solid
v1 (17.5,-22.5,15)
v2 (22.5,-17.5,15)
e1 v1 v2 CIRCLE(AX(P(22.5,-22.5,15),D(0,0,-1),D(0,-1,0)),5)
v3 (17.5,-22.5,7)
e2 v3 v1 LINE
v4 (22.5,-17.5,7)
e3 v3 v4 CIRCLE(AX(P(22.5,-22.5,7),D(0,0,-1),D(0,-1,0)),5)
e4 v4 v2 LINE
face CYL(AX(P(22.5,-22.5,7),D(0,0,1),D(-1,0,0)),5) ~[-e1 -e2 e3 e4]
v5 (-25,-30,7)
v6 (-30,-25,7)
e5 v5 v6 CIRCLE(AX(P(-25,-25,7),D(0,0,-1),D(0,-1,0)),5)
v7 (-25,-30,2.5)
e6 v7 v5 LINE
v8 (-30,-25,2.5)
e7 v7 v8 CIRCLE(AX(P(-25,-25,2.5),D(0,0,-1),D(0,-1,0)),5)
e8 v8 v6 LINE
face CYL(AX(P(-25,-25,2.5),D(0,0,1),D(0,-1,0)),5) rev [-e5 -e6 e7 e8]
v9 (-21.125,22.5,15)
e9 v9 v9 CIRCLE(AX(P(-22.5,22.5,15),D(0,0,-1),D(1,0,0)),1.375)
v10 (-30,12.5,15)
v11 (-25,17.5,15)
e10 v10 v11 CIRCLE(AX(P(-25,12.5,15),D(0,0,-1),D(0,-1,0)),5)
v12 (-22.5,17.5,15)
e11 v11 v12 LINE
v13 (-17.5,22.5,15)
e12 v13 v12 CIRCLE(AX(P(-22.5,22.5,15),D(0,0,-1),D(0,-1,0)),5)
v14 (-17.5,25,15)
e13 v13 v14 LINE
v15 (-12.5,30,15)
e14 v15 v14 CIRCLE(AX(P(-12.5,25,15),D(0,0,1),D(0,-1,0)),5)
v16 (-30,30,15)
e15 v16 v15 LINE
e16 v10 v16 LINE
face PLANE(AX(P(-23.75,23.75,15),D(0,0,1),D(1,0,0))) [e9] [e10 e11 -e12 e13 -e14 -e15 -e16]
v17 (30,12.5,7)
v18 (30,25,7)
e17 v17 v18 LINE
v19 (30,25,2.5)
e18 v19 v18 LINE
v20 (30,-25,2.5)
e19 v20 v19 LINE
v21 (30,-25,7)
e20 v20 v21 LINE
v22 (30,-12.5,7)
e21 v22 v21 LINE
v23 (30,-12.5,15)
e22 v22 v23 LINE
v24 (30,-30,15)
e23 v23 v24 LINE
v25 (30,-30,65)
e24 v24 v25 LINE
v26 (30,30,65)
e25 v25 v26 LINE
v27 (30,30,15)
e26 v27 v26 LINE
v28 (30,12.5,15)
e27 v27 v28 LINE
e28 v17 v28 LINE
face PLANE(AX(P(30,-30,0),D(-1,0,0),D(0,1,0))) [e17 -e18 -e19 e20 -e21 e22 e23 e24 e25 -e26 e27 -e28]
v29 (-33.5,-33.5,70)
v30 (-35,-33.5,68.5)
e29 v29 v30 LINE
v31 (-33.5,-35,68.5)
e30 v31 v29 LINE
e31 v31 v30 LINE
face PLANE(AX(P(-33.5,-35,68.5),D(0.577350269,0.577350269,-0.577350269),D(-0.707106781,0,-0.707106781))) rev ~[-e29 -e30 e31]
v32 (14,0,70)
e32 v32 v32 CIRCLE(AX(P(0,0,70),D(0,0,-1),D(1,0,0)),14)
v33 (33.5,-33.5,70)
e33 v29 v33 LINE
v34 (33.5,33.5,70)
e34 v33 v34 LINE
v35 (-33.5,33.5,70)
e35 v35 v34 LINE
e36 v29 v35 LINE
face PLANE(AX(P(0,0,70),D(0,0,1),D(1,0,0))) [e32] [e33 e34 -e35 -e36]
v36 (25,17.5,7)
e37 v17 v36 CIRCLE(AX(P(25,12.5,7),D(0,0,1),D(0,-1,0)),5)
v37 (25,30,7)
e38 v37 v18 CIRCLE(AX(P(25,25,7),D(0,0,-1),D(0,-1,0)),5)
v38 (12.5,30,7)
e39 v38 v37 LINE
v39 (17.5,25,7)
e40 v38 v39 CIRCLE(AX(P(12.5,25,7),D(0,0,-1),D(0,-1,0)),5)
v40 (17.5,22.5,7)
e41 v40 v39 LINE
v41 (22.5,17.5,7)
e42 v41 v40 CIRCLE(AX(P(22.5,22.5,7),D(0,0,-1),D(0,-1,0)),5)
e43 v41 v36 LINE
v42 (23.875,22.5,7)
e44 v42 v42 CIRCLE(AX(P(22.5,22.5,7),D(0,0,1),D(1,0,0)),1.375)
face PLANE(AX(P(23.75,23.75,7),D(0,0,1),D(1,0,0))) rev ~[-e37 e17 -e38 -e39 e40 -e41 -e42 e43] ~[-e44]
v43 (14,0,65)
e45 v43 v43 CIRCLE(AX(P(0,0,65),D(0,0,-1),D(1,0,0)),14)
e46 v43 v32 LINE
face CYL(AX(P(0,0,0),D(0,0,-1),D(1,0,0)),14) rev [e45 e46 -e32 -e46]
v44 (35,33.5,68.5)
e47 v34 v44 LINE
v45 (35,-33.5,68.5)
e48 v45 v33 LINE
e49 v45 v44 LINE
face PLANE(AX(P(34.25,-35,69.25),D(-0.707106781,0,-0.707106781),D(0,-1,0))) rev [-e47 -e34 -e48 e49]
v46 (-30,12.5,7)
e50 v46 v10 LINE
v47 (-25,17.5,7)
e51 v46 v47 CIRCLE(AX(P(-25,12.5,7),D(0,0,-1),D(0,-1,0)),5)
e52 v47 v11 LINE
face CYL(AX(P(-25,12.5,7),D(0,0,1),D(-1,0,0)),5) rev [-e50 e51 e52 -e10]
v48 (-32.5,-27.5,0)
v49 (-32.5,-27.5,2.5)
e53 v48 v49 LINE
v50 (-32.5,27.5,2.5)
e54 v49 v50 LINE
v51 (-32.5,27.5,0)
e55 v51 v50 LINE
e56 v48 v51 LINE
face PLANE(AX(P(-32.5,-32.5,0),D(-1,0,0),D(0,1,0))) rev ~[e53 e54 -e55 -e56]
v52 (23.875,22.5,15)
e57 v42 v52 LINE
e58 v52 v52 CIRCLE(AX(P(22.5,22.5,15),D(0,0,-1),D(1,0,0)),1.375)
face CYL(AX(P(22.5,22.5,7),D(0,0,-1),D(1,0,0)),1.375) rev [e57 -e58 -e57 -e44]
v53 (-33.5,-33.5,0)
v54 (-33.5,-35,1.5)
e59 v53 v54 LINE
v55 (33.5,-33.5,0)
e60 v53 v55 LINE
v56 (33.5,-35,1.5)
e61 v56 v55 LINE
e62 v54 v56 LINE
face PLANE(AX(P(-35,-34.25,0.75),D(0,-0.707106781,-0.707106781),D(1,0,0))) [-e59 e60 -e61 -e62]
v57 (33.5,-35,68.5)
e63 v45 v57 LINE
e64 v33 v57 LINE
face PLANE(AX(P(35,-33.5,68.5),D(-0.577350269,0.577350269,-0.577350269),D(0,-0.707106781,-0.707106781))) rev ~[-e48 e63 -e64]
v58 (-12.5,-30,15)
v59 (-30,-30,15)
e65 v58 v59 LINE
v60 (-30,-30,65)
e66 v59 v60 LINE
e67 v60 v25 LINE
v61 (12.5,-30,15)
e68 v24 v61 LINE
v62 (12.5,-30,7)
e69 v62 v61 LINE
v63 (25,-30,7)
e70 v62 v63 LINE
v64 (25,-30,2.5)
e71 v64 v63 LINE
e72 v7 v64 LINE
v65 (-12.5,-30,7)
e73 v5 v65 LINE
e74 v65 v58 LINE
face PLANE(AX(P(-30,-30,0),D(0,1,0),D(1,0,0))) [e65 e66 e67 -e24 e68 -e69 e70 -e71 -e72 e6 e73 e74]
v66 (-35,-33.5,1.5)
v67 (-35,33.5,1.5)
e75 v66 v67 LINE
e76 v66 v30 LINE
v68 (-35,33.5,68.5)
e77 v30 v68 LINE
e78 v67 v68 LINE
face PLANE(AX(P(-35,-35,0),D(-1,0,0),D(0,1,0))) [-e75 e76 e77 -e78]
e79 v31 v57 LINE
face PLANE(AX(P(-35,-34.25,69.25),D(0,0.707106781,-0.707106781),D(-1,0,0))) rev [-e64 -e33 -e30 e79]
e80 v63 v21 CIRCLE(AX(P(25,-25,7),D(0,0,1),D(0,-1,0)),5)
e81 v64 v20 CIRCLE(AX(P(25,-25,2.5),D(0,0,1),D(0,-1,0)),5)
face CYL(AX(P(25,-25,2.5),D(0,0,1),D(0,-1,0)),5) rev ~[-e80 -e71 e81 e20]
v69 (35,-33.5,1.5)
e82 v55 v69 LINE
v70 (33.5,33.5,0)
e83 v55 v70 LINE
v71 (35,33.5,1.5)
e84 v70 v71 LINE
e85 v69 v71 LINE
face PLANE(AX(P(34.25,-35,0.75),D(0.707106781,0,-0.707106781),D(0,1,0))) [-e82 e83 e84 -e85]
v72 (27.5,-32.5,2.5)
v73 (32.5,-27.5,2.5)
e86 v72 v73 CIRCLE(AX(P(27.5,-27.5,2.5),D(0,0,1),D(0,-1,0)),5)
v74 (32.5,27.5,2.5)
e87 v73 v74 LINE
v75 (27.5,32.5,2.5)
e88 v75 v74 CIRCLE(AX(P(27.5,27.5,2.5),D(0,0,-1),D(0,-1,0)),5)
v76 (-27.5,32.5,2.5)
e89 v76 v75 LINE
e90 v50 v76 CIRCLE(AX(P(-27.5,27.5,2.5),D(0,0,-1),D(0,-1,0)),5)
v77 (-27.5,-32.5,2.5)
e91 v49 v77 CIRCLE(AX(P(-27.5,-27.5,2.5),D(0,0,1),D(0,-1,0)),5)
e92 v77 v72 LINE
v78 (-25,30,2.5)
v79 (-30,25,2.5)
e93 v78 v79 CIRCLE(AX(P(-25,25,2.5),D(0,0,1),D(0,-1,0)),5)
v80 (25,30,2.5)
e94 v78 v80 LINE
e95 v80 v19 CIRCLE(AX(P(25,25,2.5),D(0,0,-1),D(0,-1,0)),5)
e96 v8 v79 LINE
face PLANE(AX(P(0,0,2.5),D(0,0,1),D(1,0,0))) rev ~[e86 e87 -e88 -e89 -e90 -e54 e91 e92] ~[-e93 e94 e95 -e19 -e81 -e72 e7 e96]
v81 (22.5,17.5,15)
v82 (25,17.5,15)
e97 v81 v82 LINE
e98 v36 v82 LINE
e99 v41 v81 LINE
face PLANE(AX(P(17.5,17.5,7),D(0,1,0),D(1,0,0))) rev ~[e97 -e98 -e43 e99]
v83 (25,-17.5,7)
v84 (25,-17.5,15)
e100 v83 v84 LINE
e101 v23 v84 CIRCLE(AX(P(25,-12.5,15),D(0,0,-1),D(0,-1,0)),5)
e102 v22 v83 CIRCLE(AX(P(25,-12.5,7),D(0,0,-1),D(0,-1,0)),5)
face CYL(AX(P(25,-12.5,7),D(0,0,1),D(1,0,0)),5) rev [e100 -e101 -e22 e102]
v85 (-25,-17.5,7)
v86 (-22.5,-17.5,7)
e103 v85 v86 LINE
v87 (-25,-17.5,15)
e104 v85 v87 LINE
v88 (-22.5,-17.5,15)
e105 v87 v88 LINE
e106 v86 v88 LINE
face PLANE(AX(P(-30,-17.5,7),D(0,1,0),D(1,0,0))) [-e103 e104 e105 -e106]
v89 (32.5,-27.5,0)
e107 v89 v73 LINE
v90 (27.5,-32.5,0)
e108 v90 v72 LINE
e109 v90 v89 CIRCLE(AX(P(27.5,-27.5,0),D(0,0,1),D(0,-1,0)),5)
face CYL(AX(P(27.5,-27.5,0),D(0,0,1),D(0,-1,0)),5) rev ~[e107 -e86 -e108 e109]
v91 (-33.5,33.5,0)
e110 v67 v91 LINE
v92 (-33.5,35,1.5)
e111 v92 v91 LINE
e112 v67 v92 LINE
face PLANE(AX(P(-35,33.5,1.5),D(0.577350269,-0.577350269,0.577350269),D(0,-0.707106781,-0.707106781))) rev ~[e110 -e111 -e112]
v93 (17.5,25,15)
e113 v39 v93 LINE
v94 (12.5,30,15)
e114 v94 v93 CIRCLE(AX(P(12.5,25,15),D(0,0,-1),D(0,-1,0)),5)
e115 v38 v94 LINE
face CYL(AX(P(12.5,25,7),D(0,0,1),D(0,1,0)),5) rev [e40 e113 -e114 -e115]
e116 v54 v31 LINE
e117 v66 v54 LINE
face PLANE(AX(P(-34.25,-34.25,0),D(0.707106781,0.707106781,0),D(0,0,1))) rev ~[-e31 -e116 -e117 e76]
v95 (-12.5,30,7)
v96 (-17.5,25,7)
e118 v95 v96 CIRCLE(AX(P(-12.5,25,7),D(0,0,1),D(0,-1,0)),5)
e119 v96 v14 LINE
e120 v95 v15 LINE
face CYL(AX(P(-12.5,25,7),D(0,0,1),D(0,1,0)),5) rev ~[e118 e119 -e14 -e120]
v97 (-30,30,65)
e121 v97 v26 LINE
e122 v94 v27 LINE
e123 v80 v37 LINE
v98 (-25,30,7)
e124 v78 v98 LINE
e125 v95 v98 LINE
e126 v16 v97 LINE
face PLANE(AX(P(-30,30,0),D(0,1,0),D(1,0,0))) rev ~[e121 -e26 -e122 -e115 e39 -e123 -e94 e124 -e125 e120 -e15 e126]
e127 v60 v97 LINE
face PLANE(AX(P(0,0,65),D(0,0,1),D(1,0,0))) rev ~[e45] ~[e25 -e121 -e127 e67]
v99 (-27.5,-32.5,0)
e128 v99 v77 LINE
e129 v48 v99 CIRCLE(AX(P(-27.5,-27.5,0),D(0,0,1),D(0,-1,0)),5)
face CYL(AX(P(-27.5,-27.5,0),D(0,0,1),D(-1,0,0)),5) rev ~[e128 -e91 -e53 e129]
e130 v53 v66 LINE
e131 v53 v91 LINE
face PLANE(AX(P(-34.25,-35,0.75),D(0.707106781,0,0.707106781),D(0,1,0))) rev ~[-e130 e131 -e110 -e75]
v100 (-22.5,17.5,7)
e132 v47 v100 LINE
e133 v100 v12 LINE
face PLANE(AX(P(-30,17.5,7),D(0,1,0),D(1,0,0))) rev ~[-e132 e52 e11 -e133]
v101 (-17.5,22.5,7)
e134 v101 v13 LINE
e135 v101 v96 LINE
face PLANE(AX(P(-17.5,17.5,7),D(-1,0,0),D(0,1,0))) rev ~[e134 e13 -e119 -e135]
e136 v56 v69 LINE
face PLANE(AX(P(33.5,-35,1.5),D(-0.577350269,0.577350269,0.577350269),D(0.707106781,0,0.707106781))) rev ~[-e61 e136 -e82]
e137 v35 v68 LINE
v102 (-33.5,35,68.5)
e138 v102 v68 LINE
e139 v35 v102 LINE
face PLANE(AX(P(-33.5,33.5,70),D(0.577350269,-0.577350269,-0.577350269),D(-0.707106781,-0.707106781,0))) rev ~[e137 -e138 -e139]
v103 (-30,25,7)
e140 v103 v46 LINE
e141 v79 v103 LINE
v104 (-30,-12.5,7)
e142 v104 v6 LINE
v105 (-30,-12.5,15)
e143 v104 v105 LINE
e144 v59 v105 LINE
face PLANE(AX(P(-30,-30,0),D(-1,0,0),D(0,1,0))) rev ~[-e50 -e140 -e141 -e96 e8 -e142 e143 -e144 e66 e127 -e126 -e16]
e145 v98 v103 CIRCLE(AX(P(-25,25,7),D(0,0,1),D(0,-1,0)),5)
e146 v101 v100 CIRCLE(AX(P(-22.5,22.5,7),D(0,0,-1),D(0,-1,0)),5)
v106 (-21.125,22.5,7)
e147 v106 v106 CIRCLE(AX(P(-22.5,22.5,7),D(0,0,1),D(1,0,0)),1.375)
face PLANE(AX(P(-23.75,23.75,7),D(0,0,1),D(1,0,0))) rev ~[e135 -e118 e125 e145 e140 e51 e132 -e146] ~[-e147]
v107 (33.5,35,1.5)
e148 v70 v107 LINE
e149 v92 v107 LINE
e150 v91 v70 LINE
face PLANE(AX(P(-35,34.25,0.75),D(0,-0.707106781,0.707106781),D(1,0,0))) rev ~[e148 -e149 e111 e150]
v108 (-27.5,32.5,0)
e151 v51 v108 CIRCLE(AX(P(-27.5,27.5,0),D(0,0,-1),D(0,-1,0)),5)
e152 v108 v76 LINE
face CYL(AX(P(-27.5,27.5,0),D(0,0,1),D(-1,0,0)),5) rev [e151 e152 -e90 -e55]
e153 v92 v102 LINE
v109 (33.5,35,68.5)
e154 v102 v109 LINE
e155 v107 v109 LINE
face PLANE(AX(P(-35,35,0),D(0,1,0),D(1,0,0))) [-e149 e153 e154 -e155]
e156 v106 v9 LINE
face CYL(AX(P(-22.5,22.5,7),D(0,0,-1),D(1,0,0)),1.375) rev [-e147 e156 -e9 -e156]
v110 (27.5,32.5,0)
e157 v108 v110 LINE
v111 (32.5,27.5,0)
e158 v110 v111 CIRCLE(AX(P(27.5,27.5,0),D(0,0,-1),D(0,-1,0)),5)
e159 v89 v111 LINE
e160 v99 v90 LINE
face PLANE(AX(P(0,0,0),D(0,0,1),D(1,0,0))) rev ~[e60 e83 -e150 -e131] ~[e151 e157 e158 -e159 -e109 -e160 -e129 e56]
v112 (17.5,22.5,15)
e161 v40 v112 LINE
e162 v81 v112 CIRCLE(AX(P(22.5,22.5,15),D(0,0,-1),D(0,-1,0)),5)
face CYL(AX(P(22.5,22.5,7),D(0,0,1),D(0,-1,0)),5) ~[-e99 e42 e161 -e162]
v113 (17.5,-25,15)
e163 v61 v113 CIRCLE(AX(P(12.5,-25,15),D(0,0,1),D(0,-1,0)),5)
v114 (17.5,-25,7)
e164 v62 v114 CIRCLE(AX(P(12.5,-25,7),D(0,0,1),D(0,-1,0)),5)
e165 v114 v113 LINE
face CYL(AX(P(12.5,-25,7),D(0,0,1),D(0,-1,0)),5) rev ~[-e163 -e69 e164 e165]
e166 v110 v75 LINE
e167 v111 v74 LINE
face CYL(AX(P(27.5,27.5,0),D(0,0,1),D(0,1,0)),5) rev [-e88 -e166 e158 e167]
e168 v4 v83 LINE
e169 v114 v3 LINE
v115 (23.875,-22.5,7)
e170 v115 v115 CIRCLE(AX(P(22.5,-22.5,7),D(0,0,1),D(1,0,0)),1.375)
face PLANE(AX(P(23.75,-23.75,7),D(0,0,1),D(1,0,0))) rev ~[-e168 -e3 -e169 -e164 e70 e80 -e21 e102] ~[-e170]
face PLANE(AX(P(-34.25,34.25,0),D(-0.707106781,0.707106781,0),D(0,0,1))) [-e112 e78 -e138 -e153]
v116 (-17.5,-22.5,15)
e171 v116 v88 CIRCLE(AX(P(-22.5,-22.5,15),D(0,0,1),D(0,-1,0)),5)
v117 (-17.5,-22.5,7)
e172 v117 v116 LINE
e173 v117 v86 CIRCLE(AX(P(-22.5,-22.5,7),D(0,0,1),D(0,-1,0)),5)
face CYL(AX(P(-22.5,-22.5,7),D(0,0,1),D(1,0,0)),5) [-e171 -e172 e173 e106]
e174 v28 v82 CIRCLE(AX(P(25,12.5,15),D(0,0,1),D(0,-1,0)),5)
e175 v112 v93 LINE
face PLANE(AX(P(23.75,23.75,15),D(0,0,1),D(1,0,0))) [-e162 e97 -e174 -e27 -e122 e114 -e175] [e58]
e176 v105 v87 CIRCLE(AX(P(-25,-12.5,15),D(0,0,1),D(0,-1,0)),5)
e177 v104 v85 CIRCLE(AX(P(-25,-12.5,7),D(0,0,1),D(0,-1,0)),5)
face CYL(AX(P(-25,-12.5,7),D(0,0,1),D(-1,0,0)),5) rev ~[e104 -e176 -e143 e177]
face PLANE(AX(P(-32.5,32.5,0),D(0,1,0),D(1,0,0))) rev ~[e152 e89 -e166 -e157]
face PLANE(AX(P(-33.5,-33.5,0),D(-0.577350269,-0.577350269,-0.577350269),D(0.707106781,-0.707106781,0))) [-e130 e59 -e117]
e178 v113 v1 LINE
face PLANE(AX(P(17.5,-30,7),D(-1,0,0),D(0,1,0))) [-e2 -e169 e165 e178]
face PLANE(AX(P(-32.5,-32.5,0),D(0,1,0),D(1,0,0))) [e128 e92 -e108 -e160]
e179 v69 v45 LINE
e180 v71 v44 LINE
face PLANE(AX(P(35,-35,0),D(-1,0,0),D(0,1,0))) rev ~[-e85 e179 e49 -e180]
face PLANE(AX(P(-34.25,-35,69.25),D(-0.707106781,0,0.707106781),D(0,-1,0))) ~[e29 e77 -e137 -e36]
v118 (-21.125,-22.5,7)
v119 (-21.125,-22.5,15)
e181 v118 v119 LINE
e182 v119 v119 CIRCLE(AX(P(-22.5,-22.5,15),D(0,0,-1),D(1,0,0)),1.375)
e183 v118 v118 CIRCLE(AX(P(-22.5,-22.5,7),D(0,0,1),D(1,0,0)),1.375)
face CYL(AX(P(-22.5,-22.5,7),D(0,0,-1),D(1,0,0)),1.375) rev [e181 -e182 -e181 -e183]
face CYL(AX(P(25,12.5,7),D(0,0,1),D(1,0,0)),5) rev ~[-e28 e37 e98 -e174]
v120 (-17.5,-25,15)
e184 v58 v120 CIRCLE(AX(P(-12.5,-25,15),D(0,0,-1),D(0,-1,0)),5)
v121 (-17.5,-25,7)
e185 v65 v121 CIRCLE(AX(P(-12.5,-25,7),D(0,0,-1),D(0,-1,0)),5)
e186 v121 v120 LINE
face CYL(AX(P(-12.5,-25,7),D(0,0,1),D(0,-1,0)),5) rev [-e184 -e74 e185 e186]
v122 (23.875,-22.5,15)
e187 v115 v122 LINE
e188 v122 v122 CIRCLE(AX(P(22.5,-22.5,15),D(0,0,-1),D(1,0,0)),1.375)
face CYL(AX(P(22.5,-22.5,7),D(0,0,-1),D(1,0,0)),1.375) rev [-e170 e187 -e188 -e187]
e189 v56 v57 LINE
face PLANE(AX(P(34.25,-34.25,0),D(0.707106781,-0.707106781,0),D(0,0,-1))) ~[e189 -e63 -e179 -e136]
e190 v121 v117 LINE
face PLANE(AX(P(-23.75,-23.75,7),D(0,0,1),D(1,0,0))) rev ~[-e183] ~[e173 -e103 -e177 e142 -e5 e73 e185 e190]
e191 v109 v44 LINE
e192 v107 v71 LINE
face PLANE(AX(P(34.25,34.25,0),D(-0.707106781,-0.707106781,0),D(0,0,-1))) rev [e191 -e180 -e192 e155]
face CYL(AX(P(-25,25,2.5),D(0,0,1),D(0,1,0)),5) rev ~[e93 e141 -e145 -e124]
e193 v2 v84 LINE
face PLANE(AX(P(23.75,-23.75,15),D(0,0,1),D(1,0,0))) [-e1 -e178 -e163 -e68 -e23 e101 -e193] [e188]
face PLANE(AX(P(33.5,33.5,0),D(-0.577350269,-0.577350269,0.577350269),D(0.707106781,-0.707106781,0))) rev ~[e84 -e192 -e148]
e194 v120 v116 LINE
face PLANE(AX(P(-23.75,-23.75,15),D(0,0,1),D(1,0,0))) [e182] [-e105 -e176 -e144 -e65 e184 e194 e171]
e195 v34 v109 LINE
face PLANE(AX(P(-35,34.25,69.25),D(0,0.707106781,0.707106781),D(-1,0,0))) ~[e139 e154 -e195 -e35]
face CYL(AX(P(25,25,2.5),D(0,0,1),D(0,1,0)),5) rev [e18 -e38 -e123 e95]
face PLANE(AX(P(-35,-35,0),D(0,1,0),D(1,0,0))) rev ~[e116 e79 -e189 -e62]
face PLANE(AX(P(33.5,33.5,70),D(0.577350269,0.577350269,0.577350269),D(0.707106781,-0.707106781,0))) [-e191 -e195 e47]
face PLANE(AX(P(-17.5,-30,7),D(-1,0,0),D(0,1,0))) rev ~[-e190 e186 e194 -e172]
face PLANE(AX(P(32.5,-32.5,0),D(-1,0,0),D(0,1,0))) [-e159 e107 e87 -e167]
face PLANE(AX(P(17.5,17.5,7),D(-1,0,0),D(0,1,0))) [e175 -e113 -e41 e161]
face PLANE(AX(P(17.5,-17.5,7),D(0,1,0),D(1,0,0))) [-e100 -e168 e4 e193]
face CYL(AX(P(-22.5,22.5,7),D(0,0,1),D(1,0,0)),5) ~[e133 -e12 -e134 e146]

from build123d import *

# Parameters (mm, degrees)
SKETCH_W        = 70
SKETCH_H        = 70
PAD_DEPTH       = 70
SKETCH001_W     = 60
SKETCH001_H     = 60
POCKET_DEPTH    = 65
SKETCH002_W     = 65
SKETCH002_H     = 65
POCKET001_DEPTH = 2.5
SKETCH004_W     = 12.5
SKETCH004_H     = 12.5
PAD001_DEPTH    = 8
SKETCH005_R     = 1.375
POCKET002_DEPTH = 10
SKETCH006_R     = 14
POCKET003_DEPTH = 70.001
FILLET_R        = 5
FILLET001_R     = 5
FILLET002_R     = 5
CHAMFER_SIZE    = 1.5


with BuildPart() as part:
    # Sketch → Pad (new body)
    with BuildSketch(Plane.XY):
        Rectangle(SKETCH_W, SKETCH_H)
    extrude(amount=PAD_DEPTH)

    # Sketch001 → Pocket (cut)
    with BuildSketch(Plane.XY):
        Rectangle(SKETCH001_W, SKETCH001_H)
    extrude(amount=POCKET_DEPTH, mode=Mode.SUBTRACT)

    # Sketch002 → Pocket001 (cut)
    with BuildSketch(Plane.XY):
        Rectangle(SKETCH002_W, SKETCH002_H)
    extrude(amount=POCKET001_DEPTH, mode=Mode.SUBTRACT)

    # Sketch004 (on DatumPlane) → Pad001 (join)
    with BuildSketch(Plane.XY.offset(7)):
        with Locations((-23.75, 23.75)):
            Rectangle(SKETCH004_W, SKETCH004_H)
        with Locations((23.75, 23.75)):
            Rectangle(SKETCH004_W, SKETCH004_H)
        with Locations((-23.75, -23.75)):
            Rectangle(SKETCH004_W, SKETCH004_H)
        with Locations((23.75, -23.75)):
            Rectangle(SKETCH004_W, SKETCH004_H)
    extrude(amount=PAD001_DEPTH)

    # Sketch005 (on DatumPlane) → Pocket002 (cut)
    with BuildSketch(Plane.XY.offset(7)):
        with Locations((-22.5, 22.5)):
            Circle(SKETCH005_R)
        with Locations((22.5, 22.5)):
            Circle(SKETCH005_R)
        with Locations((22.5, -22.5)):
            Circle(SKETCH005_R)
        with Locations((-22.5, -22.5)):
            Circle(SKETCH005_R)
    extrude(amount=POCKET002_DEPTH, mode=Mode.SUBTRACT)

    # Sketch006 → Pocket003 (cut, through all)
    with BuildSketch(Plane.XY):
        Circle(SKETCH006_R)
    extrude(amount=POCKET003_DEPTH, mode=Mode.SUBTRACT)

    # Fillet
    fillet_edges = [part.edges().sort_by_distance(p)[0] for p in [
        (17.5, 30, 11),
        (17.5, 17.5, 11),
        (30, 17.5, 11),
        (30, -17.5, 11),
        (17.5, -17.5, 11),
        (17.5, -30, 11),
        (-17.5, -30, 11),
        (-17.5, -17.5, 11),
        (-30, -17.5, 11),
        (-30, 17.5, 11),
        (-17.5, 17.5, 11),
        (-17.5, 30, 11),
    ]]
    fillet(fillet_edges, radius=FILLET_R)

    # Fillet001
    fillet001_edges = [part.edges().sort_by_distance(p)[0] for p in [
        (30, 30, 4.75),
        (30, -30, 4.75),
        (-30, -30, 4.75),
        (-30, 30, 4.75),
    ]]
    fillet(fillet001_edges, radius=FILLET001_R)

    # Fillet002
    fillet002_edges = [part.edges().sort_by_distance(p)[0] for p in [
        (32.5, -32.5, 1.25),
        (32.5, 32.5, 1.25),
        (-32.5, 32.5, 1.25),
        (-32.5, -32.5, 1.25),
    ]]
    fillet(fillet002_edges, radius=FILLET002_R)

    # Chamfer
    chamfer_edges = [part.edges().sort_by_distance(p)[0] for p in [
        (35, 35, 35),
        (0, 35, 0),
        (35, 0, 0),
        (-35, 35, 35),
        (0, 35, 70),
        (-35, 0, 70),
        (0, -35, 70),
        (35, 0, 70),
        (-35, -35, 35),
        (-35, 0, 0),
        (0, -35, 0),
        (35, -35, 35),
    ]]
    chamfer(chamfer_edges, length=CHAMFER_SIZE)


solid = part.part
